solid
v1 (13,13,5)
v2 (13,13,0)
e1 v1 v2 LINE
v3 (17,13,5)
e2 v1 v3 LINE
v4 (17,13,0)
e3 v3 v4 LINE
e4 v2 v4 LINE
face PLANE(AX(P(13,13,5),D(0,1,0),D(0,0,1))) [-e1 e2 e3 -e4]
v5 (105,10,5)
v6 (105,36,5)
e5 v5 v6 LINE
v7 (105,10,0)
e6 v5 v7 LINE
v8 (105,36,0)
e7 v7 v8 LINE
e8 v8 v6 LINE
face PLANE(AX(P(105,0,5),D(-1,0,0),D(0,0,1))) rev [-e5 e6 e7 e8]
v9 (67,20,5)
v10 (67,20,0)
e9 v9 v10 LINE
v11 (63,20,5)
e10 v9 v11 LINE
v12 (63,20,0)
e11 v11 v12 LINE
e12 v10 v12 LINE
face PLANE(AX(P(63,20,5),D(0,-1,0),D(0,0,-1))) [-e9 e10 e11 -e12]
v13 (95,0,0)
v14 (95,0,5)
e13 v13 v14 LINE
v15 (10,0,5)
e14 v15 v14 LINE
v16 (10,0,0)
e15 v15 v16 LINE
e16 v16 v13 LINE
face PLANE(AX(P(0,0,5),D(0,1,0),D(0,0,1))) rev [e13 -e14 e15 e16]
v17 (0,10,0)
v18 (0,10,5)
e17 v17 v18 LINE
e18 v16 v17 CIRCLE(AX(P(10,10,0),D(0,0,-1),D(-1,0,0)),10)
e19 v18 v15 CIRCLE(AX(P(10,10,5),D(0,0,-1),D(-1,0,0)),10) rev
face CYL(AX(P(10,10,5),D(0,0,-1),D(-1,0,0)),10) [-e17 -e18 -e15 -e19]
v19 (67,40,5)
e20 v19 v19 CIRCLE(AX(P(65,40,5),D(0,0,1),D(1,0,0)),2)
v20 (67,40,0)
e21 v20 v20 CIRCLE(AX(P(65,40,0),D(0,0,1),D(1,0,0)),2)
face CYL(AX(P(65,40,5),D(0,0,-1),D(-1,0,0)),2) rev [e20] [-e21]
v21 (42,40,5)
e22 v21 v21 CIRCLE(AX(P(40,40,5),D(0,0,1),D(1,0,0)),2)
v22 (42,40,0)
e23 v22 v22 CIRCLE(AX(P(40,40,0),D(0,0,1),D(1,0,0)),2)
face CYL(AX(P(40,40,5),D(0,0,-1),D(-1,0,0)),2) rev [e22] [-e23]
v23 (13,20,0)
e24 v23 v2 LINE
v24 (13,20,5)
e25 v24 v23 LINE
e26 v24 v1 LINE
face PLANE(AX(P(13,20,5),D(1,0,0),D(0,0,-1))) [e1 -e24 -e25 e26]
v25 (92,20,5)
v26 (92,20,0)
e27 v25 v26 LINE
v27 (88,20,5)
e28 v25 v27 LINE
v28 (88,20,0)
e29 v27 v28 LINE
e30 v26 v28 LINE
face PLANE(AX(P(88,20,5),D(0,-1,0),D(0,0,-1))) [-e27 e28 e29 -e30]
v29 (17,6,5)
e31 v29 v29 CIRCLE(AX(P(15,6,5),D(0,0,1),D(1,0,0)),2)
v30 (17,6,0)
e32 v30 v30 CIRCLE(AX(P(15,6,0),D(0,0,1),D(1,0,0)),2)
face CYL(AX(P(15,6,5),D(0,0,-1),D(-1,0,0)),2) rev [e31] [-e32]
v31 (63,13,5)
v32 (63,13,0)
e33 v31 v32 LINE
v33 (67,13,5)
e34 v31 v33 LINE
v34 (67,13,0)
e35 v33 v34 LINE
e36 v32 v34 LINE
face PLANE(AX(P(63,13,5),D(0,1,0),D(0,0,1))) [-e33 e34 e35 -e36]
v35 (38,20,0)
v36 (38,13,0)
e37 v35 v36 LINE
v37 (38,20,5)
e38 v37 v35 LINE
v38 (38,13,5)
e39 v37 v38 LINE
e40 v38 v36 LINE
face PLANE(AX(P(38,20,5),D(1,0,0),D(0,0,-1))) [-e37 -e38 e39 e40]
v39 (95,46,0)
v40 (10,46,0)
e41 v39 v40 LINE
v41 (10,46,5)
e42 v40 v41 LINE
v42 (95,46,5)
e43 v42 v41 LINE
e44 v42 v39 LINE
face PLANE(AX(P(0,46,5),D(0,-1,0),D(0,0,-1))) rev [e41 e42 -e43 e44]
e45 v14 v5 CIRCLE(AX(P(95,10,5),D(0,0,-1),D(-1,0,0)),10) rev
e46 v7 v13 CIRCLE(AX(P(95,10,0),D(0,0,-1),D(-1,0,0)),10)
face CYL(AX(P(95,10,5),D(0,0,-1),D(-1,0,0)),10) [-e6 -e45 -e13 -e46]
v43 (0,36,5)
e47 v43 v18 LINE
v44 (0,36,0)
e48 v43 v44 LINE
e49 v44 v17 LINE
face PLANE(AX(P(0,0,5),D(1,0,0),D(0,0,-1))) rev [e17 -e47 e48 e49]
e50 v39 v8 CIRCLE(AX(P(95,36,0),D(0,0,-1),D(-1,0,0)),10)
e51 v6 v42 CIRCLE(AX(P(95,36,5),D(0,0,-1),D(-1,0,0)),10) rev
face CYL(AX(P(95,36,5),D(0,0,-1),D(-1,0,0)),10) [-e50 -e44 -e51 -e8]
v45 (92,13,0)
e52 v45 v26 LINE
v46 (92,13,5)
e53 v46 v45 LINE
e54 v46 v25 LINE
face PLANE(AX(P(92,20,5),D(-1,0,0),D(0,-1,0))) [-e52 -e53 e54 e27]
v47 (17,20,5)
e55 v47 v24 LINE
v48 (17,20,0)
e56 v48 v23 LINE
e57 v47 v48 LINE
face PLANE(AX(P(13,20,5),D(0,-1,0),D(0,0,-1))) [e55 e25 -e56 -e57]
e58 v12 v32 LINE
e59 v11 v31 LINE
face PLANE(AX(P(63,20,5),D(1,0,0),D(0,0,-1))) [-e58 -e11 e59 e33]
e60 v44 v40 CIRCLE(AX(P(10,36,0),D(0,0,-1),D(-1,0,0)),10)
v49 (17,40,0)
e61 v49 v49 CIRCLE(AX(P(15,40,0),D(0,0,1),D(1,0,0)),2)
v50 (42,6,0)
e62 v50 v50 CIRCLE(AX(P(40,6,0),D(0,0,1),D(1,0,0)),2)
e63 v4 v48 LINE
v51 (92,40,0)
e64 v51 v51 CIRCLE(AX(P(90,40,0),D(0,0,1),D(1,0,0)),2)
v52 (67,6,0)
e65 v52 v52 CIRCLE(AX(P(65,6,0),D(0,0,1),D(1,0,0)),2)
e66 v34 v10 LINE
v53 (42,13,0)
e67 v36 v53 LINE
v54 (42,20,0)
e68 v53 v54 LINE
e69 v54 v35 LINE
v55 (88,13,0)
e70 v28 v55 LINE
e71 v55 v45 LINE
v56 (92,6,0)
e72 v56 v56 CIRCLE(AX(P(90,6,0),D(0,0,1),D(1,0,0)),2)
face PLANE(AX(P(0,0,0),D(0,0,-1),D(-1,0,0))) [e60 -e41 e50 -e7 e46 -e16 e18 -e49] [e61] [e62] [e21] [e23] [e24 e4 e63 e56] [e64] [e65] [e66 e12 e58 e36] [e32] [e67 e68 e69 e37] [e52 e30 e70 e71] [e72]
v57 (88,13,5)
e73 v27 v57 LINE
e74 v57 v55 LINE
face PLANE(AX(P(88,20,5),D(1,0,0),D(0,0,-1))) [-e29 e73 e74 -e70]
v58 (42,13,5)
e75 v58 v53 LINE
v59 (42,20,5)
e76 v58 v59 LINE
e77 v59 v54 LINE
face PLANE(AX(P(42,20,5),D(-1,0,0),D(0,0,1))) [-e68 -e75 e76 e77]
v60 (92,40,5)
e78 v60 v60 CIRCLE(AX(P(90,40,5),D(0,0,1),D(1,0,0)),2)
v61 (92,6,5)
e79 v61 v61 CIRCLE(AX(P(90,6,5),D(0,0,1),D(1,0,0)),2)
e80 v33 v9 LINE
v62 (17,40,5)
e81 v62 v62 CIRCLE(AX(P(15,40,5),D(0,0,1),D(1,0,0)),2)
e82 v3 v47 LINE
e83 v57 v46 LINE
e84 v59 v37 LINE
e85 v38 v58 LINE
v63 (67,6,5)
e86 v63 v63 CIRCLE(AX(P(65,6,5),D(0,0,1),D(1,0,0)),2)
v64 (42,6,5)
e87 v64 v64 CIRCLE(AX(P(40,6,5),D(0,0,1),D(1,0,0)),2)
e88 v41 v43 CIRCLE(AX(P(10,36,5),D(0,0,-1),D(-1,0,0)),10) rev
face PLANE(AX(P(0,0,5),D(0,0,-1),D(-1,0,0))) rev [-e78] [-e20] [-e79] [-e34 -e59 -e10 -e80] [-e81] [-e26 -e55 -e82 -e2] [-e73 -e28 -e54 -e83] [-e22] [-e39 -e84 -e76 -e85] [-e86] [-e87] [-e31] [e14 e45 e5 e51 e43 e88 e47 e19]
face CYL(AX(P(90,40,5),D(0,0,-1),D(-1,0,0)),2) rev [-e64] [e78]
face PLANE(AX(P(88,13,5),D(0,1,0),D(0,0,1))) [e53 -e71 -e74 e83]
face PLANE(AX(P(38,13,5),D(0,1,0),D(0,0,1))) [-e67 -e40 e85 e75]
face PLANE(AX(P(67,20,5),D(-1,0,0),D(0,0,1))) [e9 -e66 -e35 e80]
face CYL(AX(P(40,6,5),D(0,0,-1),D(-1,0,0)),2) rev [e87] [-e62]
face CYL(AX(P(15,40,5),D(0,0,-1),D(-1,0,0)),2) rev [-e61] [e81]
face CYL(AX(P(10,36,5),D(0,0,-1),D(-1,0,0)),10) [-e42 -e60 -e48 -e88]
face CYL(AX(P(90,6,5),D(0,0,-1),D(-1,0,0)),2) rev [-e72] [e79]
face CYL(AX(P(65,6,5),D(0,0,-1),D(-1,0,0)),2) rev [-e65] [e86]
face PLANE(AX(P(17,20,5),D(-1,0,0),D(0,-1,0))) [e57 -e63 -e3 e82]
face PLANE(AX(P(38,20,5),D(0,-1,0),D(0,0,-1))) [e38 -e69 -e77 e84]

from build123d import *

# Parameters (mm, degrees)
ESQUISSE1_W        = 105
ESQUISSE1_H        = 46
ESQUISSE1_R        = 2
ESQUISSE1_W_2      = 4
ESQUISSE1_H_2      = 7
BOSS_EXTRU_1_DEPTH = 5
CONG_1_R           = 10


with BuildPart() as part:
    # Esquisse1 → Boss.-Extru.1 (new body)
    with BuildSketch(Plane.XY):
        with Locations((52.5, 23)):
            Rectangle(ESQUISSE1_W, ESQUISSE1_H)
        with Locations((15, 6)):
            Circle(ESQUISSE1_R, mode=Mode.SUBTRACT)
        with Locations((15, 40)):
            Circle(ESQUISSE1_R, mode=Mode.SUBTRACT)
        with Locations((40, 40)):
            Circle(ESQUISSE1_R, mode=Mode.SUBTRACT)
        with Locations((40, 6)):
            Circle(ESQUISSE1_R, mode=Mode.SUBTRACT)
        with Locations((65, 40)):
            Circle(ESQUISSE1_R, mode=Mode.SUBTRACT)
        with Locations((65, 6)):
            Circle(ESQUISSE1_R, mode=Mode.SUBTRACT)
        with Locations((90, 40)):
            Circle(ESQUISSE1_R, mode=Mode.SUBTRACT)
        with Locations((90, 6)):
            Circle(ESQUISSE1_R, mode=Mode.SUBTRACT)
        with Locations((40, 16.5)):
            Rectangle(ESQUISSE1_W_2, ESQUISSE1_H_2, mode=Mode.SUBTRACT)
        with Locations((15, 16.5)):
            Rectangle(ESQUISSE1_W_2, ESQUISSE1_H_2, mode=Mode.SUBTRACT)
        with Locations((65, 16.5)):
            Rectangle(ESQUISSE1_W_2, ESQUISSE1_H_2, mode=Mode.SUBTRACT)
        with Locations((90, 16.5)):
            Rectangle(ESQUISSE1_W_2, ESQUISSE1_H_2, mode=Mode.SUBTRACT)
    extrude(amount=BOSS_EXTRU_1_DEPTH)

    # Congé1
    cong_1_edges = [part.edges().sort_by_distance(p)[0] for p in [
        (0, 46, 2.5),
        (105, 46, 2.5),
        (105, 0, 2.5),
        (0, 0, 2.5),
    ]]
    fillet(cong_1_edges, radius=CONG_1_R)


solid = part.part
